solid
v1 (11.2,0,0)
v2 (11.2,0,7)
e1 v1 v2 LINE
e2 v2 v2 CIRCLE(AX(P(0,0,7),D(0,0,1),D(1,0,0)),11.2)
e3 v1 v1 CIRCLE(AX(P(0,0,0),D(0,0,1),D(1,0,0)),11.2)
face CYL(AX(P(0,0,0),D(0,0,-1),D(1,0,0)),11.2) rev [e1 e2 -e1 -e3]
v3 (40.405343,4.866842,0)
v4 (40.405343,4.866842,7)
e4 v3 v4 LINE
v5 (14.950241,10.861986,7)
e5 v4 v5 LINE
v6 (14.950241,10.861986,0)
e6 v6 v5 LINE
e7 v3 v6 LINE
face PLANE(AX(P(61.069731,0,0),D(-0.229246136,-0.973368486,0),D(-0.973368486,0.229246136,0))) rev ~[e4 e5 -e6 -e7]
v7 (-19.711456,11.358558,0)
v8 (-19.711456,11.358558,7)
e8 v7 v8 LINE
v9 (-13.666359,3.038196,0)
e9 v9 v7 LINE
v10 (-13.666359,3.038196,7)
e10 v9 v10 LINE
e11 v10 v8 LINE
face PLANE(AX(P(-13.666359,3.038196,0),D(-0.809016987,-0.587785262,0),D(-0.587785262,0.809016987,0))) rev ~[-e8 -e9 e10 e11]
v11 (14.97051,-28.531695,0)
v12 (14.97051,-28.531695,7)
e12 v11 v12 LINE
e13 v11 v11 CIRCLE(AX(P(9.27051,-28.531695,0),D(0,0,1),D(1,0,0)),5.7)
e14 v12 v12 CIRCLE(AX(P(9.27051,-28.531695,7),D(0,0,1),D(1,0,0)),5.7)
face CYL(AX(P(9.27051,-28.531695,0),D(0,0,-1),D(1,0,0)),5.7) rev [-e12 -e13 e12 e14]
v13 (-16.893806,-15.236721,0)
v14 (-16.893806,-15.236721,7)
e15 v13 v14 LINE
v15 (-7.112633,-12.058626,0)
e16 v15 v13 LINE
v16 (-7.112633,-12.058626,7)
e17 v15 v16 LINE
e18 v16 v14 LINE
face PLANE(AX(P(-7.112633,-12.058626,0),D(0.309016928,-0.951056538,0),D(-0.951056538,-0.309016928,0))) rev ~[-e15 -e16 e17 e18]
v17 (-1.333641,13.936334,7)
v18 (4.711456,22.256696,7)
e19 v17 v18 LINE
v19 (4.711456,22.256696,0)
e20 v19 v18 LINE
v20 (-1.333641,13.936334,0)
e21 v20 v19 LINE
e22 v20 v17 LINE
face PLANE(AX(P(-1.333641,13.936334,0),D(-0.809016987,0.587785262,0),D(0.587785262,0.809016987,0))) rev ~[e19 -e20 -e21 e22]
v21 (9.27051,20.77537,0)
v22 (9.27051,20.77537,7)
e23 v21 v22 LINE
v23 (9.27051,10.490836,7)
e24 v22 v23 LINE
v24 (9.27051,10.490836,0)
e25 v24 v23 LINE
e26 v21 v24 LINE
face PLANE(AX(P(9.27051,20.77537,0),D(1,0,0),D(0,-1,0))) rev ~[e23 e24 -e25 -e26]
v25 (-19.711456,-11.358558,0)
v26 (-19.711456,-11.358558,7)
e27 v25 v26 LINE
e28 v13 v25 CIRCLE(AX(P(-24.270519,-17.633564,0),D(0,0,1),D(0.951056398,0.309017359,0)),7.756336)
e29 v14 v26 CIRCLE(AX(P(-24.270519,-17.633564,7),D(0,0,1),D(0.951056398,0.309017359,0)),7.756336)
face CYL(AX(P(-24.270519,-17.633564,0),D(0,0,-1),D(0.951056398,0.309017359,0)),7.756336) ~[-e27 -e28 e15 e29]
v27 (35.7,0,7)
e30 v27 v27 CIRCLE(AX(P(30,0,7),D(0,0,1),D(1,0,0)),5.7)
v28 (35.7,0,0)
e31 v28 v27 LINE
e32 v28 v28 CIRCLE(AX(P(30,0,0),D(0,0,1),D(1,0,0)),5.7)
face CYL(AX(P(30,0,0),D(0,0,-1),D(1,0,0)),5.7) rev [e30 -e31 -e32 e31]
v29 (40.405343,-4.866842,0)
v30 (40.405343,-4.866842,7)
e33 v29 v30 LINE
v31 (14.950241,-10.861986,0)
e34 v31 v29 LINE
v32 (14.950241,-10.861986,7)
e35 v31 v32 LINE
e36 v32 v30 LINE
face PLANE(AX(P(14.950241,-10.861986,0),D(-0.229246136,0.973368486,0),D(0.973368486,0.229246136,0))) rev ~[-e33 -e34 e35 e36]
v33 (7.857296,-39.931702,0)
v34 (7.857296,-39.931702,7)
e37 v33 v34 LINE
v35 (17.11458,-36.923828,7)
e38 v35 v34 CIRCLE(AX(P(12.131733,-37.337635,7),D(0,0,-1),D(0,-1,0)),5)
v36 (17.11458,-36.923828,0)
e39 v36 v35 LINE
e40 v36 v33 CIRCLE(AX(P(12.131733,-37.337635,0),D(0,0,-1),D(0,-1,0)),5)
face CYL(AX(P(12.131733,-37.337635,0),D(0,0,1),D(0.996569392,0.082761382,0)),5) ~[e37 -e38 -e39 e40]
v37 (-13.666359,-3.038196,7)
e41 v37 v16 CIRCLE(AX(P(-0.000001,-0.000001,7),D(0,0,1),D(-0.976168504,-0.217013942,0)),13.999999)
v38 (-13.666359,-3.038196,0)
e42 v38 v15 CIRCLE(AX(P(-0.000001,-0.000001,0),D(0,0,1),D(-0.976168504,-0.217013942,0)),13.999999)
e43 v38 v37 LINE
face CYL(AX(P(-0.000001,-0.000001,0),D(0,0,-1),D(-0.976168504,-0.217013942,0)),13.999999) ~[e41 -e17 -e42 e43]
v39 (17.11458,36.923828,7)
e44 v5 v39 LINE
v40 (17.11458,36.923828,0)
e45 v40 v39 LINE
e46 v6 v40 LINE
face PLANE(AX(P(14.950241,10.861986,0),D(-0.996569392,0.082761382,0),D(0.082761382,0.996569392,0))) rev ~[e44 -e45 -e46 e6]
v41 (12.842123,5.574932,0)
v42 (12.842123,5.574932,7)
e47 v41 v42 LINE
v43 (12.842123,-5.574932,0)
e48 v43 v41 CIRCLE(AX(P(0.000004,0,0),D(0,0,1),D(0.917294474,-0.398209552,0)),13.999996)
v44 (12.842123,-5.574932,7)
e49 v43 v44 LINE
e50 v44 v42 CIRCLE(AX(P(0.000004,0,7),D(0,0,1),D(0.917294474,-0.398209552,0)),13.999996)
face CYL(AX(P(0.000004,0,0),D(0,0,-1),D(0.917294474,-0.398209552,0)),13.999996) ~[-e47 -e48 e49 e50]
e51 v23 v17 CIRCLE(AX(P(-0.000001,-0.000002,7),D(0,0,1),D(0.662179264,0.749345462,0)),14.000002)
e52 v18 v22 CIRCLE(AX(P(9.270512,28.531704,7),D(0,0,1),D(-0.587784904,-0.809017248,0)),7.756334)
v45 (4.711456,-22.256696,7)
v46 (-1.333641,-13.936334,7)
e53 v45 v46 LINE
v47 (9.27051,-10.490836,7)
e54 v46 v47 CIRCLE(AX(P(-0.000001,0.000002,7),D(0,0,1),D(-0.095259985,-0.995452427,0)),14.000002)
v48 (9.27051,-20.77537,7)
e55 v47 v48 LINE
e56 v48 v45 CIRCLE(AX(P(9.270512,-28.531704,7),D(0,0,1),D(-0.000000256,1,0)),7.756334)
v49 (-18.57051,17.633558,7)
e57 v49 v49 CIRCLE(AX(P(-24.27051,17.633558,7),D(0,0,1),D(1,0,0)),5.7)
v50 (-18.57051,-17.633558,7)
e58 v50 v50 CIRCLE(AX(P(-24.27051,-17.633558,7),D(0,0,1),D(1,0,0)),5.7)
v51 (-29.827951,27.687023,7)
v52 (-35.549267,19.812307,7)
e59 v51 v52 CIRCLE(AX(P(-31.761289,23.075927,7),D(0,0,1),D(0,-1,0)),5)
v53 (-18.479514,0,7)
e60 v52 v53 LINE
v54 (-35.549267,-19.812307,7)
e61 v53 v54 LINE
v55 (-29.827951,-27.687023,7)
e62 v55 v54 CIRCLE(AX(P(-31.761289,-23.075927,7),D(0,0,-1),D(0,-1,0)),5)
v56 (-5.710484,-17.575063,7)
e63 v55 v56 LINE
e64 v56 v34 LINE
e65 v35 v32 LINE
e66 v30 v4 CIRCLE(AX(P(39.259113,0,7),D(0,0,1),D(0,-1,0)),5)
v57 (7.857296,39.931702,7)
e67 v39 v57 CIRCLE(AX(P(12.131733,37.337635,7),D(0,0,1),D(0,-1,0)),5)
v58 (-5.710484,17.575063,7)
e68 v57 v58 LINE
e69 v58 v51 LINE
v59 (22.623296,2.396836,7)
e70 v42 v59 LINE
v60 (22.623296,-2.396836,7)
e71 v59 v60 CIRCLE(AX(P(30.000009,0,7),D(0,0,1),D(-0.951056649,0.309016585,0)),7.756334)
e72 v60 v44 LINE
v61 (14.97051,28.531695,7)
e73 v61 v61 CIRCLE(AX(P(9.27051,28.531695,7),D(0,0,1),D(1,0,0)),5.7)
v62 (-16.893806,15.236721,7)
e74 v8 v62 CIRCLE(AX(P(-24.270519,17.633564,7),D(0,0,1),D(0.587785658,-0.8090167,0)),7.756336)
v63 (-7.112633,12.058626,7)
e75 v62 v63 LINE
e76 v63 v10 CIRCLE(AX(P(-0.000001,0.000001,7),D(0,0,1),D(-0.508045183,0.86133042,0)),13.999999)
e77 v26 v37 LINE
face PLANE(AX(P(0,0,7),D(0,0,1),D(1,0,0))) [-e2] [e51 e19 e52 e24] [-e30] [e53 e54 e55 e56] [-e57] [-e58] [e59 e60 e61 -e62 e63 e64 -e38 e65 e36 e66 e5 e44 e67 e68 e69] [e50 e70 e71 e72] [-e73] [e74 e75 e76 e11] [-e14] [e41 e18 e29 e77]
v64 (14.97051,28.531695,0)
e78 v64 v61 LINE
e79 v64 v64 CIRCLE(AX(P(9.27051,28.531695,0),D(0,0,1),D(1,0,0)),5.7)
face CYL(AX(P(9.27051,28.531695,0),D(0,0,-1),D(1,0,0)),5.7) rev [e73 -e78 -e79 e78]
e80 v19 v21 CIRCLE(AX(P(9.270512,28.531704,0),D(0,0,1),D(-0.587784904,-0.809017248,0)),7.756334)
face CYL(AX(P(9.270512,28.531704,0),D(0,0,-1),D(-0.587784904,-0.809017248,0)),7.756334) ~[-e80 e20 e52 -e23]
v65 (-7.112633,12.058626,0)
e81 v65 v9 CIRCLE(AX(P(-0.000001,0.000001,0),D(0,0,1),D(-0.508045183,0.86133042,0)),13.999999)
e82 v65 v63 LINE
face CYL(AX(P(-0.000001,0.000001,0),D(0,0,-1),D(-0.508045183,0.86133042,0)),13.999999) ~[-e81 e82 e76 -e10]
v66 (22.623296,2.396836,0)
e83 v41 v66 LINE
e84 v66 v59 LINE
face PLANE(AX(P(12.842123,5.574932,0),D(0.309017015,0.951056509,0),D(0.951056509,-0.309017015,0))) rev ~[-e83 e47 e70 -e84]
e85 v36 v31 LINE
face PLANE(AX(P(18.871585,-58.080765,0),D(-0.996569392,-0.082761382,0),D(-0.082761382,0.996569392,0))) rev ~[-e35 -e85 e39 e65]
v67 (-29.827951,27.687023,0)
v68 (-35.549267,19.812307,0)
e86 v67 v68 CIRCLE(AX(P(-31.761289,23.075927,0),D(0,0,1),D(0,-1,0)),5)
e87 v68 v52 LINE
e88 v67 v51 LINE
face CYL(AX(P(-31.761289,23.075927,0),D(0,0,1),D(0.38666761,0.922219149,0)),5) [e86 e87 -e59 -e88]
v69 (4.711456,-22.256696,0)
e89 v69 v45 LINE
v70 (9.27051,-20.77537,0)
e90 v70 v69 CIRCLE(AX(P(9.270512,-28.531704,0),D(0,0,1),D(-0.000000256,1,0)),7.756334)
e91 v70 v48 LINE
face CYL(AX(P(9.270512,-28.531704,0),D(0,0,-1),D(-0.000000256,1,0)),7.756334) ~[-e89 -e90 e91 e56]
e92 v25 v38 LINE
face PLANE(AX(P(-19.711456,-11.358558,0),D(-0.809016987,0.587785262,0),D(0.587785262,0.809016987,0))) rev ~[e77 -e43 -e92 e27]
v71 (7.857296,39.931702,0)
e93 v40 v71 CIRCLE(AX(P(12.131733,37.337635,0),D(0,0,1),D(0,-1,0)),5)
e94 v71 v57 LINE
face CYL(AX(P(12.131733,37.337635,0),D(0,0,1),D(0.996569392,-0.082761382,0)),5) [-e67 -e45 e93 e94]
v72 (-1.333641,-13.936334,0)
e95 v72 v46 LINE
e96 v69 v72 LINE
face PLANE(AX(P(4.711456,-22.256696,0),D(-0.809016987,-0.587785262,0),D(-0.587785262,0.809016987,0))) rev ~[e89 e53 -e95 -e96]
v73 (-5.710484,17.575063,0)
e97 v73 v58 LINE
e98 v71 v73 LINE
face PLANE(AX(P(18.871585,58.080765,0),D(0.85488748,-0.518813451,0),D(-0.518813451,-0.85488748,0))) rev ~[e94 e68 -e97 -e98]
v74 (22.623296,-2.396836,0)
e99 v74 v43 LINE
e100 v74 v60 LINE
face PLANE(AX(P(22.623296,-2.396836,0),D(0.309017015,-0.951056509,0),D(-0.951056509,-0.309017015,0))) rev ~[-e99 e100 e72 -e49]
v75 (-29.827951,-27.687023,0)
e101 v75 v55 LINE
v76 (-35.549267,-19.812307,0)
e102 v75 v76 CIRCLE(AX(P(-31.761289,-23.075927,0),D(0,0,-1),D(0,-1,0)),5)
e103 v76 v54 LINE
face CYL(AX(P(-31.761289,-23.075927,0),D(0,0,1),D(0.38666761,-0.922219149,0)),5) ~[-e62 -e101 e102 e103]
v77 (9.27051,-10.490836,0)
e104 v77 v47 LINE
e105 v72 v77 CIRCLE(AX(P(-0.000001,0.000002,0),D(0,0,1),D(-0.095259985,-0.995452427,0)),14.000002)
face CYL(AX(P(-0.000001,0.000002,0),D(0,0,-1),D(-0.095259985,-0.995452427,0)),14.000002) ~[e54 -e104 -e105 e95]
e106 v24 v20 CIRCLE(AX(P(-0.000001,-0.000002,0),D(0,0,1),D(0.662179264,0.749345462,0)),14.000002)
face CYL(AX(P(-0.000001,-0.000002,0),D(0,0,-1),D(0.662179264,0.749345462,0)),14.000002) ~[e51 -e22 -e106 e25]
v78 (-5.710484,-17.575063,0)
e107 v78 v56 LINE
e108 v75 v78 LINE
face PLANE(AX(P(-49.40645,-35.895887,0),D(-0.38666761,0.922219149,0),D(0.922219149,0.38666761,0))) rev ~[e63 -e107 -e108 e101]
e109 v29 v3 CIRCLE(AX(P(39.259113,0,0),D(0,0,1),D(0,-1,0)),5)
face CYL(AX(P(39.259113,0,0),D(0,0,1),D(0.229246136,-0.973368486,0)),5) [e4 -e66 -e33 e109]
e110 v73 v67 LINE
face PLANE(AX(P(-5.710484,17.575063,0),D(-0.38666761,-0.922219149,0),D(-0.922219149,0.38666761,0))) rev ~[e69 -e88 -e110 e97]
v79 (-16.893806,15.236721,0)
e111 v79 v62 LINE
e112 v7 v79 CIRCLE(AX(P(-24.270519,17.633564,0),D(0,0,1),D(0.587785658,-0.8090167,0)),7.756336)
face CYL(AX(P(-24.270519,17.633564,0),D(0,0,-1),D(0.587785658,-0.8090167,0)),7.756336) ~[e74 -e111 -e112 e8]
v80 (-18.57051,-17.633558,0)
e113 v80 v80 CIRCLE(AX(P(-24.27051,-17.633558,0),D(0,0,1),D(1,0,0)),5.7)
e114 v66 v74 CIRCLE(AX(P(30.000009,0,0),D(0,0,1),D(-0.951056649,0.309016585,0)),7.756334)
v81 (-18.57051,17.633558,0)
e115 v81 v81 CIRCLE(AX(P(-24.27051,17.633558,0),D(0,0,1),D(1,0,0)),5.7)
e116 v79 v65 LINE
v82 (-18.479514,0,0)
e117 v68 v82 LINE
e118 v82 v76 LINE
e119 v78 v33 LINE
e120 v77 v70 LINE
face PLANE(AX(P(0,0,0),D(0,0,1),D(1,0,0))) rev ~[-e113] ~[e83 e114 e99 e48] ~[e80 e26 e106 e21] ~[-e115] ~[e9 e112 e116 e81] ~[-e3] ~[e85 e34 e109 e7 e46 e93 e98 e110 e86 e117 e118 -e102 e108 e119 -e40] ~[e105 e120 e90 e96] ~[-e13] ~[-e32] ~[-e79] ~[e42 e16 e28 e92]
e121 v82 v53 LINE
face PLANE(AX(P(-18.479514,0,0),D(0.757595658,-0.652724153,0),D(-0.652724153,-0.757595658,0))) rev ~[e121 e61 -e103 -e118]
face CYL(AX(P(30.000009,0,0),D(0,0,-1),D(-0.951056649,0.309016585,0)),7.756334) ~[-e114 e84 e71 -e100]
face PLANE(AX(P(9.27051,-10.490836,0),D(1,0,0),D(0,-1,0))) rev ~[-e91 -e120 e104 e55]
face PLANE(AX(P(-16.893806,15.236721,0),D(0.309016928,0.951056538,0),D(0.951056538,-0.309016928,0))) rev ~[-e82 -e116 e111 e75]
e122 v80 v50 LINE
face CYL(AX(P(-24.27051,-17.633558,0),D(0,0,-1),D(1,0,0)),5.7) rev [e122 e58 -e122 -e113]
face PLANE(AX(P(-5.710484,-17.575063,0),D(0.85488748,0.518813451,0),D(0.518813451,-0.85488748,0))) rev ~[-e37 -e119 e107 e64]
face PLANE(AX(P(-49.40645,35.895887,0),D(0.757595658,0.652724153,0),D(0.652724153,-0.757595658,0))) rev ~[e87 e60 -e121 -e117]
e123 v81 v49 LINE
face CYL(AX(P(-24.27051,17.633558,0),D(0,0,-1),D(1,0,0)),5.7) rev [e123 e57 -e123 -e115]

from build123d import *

# Parameters (mm, degrees)
F0_R     = 5.7
F0_R_2   = 11.2
F1_DEPTH = 7
F2_R     = 5


with BuildPart() as f1:
    # F0 (on Top) → F1 (new body)
    with BuildSketch(Plane.XY):
        Polygon((14.950241, -10.861986), (61.069731, 0), (14.950241, 10.861986), (18.871585, 58.080765), (-5.710484, 17.575063), (-49.40645, 35.895887), (-18.479514, 0), (-49.40645, -35.895887), (-5.710484, -17.575063), (18.871585, -58.080765), align=None)
        with Locations((-24.27051, -17.633558)):
            Circle(F0_R, mode=Mode.SUBTRACT)
        with BuildLine():
            Line((9.27051, -10.490836), (9.27051, -20.77537))
            ThreePointArc((9.27051, -20.77537), (6.873673, -21.154992), (4.711456, -22.256696))
            Line((4.711456, -22.256696), (-1.333641, -13.936334))
            ThreePointArc((-1.333641, -13.936334), (4.326238, -13.314791), (9.27051, -10.490836))
        make_face(mode=Mode.SUBTRACT)
        with BuildLine():
            Line((-7.112633, -12.058626), (-16.893806, -15.236721))
            ThreePointArc((-16.893806, -15.236721), (-17.995511, -13.074504), (-19.711456, -11.358558))
            Line((-19.711456, -11.358558), (-13.666359, -3.038196))
            ThreePointArc((-13.666359, -3.038196), (-11.326238, -8.228994), (-7.112633, -12.058626))
        make_face(mode=Mode.SUBTRACT)
        Circle(F0_R_2, mode=Mode.SUBTRACT)
        with Locations((9.27051, -28.531695)):
            Circle(F0_R, mode=Mode.SUBTRACT)
        with BuildLine():
            ThreePointArc((22.623296, 2.396836), (22.243675, 0), (22.623296, -2.396836))
            Line((22.623296, -2.396836), (12.842123, -5.574932))
            ThreePointArc((12.842123, -5.574932), (14, 0), (12.842123, 5.574932))
            Line((12.842123, 5.574932), (22.623296, 2.396836))
        make_face(mode=Mode.SUBTRACT)
        with Locations((30, 0)):
            Circle(F0_R, mode=Mode.SUBTRACT)
        with Locations((-24.27051, 17.633558)):
            Circle(F0_R, mode=Mode.SUBTRACT)
        with BuildLine():
            Line((-13.666359, 3.038196), (-19.711456, 11.358558))
            ThreePointArc((-19.711456, 11.358558), (-17.995511, 13.074504), (-16.893806, 15.236721))
            Line((-16.893806, 15.236721), (-7.112633, 12.058626))
            ThreePointArc((-7.112633, 12.058626), (-11.326238, 8.228994), (-13.666359, 3.038196))
        make_face(mode=Mode.SUBTRACT)
        with BuildLine():
            Line((9.27051, 20.77537), (9.27051, 10.490836))
            ThreePointArc((9.27051, 10.490836), (4.326238, 13.314791), (-1.333641, 13.936334))
            Line((-1.333641, 13.936334), (4.711456, 22.256696))
            ThreePointArc((4.711456, 22.256696), (6.873673, 21.154992), (9.27051, 20.77537))
        make_face(mode=Mode.SUBTRACT)
        with Locations((9.27051, 28.531695)):
            Circle(F0_R, mode=Mode.SUBTRACT)
    extrude(amount=F1_DEPTH)

    # F2
    f2_edges = [f1.edges().sort_by_distance(p)[0] for p in [
        (18.871585, -58.080765, 3.5),
        (61.069731, 0, 3.5),
        (18.871585, 58.080765, 3.5),
        (-49.40645, 35.895887, 3.5),
        (-49.40645, -35.895887, 3.5),
    ]]
    fillet(f2_edges, radius=F2_R)


solid = f1.part
